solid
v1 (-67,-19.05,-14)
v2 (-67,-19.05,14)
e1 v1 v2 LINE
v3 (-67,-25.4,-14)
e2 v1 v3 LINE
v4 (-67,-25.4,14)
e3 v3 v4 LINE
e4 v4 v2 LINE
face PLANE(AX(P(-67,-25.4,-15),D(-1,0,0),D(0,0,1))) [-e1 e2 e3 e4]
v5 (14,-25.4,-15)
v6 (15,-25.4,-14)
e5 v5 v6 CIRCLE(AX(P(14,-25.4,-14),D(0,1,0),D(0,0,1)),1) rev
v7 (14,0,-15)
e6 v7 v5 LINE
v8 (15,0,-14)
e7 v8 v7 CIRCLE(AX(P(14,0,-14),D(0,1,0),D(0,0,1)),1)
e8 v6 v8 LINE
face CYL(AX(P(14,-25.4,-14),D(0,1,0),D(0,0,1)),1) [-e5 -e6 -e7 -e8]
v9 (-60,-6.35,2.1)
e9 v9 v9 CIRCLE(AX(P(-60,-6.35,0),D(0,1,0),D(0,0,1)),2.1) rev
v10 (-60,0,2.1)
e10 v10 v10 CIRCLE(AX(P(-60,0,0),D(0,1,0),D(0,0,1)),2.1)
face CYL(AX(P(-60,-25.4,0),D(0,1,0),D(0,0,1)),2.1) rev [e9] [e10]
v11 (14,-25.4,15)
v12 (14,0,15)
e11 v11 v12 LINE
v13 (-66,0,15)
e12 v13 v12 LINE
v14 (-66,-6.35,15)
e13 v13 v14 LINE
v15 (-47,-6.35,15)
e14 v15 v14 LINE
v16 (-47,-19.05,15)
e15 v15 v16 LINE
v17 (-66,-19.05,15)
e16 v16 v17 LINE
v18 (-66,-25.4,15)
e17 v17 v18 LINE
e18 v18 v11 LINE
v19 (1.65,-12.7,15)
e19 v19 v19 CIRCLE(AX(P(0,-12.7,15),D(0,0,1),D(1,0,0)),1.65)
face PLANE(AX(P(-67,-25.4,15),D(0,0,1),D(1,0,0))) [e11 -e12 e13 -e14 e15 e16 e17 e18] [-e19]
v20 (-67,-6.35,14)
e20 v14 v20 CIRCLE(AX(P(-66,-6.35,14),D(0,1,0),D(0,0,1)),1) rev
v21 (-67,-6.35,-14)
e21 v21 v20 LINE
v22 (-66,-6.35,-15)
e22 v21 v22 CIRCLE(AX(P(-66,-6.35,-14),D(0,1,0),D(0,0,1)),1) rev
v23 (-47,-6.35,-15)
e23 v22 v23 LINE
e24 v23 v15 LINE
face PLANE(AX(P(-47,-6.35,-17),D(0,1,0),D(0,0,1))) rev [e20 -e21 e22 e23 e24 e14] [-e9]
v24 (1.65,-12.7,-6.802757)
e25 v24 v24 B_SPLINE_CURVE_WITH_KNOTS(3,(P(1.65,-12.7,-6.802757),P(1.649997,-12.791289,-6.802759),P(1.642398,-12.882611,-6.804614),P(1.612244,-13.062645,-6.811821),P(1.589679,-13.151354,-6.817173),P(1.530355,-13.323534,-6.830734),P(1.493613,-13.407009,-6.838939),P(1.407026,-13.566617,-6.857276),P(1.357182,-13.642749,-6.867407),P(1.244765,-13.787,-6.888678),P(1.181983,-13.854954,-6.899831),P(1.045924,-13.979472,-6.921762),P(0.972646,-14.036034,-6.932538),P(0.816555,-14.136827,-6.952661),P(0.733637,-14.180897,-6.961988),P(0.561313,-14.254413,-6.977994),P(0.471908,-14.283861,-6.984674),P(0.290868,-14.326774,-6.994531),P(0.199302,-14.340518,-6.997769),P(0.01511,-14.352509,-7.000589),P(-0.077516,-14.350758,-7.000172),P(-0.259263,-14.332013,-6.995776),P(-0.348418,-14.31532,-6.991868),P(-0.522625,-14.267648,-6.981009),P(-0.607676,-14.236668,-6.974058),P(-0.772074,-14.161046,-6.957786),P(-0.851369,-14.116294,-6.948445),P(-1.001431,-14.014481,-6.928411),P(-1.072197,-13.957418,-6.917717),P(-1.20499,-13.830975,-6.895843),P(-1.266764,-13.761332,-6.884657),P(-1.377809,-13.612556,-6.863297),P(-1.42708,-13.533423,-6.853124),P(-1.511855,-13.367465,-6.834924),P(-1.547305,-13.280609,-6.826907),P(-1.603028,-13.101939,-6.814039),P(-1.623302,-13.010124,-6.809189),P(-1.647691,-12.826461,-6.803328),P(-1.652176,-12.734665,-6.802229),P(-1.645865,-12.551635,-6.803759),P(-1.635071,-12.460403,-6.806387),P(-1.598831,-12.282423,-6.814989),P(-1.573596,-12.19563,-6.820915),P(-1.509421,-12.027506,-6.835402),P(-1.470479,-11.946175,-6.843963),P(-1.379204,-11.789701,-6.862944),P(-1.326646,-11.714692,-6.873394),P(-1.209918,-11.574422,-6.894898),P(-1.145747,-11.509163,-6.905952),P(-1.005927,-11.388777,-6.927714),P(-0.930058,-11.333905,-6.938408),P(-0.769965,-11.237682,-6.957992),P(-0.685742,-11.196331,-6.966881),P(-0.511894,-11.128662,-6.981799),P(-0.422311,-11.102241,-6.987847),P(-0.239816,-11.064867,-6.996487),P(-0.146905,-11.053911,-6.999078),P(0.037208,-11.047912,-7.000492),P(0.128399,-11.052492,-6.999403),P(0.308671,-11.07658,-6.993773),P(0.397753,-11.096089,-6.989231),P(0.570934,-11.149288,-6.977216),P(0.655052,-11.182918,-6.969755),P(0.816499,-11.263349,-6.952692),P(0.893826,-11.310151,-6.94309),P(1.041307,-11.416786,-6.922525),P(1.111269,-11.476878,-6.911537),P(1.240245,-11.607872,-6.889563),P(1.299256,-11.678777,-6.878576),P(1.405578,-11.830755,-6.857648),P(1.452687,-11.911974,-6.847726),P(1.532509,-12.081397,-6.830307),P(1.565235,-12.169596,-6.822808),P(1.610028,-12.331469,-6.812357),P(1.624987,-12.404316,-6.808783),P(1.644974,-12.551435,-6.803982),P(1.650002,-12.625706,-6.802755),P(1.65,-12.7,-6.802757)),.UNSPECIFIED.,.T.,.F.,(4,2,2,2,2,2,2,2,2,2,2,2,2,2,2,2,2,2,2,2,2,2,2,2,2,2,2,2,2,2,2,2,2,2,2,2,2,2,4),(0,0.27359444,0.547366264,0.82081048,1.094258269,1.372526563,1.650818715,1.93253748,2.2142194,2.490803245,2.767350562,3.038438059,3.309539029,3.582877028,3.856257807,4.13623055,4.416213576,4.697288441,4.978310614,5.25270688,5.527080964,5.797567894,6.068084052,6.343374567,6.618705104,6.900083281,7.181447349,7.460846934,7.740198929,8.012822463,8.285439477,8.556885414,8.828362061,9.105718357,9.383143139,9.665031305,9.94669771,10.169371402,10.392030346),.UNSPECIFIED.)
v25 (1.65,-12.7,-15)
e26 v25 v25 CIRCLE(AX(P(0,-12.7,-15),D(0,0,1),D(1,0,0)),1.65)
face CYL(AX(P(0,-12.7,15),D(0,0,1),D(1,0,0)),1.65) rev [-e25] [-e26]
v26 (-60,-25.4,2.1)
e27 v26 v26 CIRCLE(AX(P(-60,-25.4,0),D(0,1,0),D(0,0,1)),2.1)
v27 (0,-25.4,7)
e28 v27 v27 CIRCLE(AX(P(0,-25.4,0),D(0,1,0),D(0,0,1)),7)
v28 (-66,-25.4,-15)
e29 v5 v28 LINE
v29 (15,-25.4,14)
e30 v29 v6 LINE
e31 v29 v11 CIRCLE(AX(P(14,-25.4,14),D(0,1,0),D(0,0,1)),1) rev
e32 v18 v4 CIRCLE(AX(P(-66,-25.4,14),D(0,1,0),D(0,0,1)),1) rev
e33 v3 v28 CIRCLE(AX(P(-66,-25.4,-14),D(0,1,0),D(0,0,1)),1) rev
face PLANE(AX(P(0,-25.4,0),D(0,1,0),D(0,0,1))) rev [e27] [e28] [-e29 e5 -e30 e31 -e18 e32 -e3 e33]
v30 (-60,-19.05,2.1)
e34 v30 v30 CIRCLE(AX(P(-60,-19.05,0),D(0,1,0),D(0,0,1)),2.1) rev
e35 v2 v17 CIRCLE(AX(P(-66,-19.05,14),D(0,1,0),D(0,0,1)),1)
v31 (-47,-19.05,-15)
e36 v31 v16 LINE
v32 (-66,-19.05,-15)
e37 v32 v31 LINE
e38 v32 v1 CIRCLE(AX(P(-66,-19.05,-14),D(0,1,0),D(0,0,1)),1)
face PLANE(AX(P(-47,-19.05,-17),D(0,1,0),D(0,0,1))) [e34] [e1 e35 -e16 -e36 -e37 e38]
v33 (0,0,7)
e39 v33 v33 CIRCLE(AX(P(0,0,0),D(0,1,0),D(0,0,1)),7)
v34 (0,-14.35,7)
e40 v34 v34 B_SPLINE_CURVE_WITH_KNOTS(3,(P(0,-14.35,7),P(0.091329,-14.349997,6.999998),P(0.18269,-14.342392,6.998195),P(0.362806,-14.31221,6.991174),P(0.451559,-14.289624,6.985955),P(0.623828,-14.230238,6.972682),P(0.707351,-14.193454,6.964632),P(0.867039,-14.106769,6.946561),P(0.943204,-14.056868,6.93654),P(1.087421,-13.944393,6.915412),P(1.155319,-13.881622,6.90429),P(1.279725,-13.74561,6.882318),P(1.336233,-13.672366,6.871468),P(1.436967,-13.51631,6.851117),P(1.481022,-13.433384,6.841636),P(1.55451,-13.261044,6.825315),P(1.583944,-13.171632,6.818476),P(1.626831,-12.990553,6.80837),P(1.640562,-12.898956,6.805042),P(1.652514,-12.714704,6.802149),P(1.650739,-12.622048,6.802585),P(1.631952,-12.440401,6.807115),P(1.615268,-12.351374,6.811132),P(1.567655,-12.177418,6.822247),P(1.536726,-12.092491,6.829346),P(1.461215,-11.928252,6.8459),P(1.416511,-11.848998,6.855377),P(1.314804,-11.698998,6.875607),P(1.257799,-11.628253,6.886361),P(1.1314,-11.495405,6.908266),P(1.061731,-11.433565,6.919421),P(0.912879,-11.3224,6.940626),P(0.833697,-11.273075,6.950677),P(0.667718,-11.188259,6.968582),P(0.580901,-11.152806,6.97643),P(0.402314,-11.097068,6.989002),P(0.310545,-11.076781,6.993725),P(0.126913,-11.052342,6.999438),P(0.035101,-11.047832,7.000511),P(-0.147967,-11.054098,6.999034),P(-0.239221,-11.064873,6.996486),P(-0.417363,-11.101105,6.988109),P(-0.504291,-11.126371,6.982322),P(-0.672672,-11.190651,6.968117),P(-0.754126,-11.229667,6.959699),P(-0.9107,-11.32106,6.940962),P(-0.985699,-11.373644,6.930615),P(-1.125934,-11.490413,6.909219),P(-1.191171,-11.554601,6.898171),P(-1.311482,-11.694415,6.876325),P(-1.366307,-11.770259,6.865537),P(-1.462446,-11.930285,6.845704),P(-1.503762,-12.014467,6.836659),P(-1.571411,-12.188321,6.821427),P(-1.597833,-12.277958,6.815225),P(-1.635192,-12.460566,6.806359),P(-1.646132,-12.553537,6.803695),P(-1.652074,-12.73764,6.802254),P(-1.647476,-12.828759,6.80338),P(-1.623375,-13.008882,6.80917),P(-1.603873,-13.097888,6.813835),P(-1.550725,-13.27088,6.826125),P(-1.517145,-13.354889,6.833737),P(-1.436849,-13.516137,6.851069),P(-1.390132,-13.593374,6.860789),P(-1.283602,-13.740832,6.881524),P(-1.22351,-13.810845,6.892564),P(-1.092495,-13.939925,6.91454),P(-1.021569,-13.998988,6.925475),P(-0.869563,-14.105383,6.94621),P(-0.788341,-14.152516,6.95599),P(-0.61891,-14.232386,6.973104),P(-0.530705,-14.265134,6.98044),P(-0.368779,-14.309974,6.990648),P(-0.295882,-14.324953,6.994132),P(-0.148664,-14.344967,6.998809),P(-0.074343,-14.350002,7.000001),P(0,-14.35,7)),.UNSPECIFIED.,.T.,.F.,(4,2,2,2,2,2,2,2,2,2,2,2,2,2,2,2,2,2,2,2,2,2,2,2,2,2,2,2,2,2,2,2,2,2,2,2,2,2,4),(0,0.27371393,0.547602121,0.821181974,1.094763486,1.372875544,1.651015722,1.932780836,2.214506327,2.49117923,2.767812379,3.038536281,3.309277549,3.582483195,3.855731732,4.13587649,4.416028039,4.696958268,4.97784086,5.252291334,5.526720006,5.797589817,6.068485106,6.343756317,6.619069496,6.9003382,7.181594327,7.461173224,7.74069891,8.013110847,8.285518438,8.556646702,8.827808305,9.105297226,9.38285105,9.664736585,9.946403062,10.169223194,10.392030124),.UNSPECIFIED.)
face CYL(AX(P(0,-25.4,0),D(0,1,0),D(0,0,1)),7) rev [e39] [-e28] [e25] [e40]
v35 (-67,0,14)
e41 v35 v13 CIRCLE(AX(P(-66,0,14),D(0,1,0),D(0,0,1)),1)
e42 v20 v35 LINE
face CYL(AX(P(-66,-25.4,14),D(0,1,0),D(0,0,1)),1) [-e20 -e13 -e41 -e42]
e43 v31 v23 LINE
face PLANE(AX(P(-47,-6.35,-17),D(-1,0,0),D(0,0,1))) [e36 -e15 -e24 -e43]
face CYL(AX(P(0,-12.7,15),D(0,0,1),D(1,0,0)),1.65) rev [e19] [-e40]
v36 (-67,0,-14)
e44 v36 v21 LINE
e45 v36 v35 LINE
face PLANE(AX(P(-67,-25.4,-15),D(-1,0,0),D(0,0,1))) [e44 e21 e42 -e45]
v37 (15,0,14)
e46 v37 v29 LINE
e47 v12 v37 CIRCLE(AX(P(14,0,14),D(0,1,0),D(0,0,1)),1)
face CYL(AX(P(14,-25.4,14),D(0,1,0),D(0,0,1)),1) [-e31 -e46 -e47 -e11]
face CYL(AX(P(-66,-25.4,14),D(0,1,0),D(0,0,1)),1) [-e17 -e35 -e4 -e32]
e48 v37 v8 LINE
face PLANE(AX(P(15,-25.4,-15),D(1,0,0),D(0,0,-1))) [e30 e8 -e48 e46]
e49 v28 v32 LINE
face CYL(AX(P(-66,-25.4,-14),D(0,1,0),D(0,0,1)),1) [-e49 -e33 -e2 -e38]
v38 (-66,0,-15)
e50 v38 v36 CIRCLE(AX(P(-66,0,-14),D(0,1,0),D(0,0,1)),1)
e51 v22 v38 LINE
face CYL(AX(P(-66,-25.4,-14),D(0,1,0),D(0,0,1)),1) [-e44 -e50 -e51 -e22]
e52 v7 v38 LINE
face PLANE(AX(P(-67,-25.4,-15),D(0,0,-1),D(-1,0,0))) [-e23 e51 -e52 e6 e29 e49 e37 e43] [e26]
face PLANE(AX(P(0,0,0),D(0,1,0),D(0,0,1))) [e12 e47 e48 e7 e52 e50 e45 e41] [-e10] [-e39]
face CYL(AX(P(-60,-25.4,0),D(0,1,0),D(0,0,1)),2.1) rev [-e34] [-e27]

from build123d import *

# Parameters (mm, degrees)
SKETCH1_W                   = 82
SKETCH1_H                   = 30
SKETCH1_R                   = 7
SKETCH1_R_2                 = 2.1
BOSS_EXTRUDE1_DEPTH         = 25.4
SKETCH2_W                   = 20
SKETCH2_H                   = 12.7
CUT_EXTRUDE1_DEPTH          = 32
FILLET1_R                   = 1
TAP_DRILL_FOR_M4X0_7_TAP1_D = 3.3


with BuildPart() as part:
    # Sketch1 → Boss-Extrude1 (new body)
    with BuildSketch(Plane(origin=(0, 0, 0), x_dir=(1, 0, 0), z_dir=(0, 1, 0))):
        with Locations((-26, 0)):
            Rectangle(SKETCH1_W, SKETCH1_H)
        with Locations(Location((0, 0, 0), (0, 0, 270))):
            Circle(SKETCH1_R, mode=Mode.SUBTRACT)
        with Locations(Location((-60, 0, 0), (0, 0, 270))):
            Circle(SKETCH1_R_2, mode=Mode.SUBTRACT)
    extrude(amount=-BOSS_EXTRUDE1_DEPTH)

    # Sketch2 → Cut-Extrude1 (cut)
    with BuildSketch(Plane(origin=(0, 0, 15), x_dir=(-1, 0, 0), z_dir=(0, 0, -1))):
        with Locations((57, -12.7)):
            Rectangle(SKETCH2_W, SKETCH2_H)
    extrude(amount=CUT_EXTRUDE1_DEPTH, mode=Mode.SUBTRACT)

    # Fillet1
    fillet1_edges = [part.edges().sort_by_distance(p)[0] for p in [
        (-67, -3.175, -15),
        (-67, -3.175, 15),
        (15, -12.7, 15),
        (-67, -22.225, 15),
        (-67, -22.225, -15),
        (15, -12.7, -15),
    ]]
    fillet(fillet1_edges, radius=FILLET1_R)

    # Tap Drill for M4x0.7 Tap1 (through all)
    with Locations(Plane(origin=(0, -12.7, 15), x_dir=(1, 0, 0), z_dir=(0, 0, 1))):
        with Locations((0, 0)):
            Hole(TAP_DRILL_FOR_M4X0_7_TAP1_D / 2)


solid = part.part
